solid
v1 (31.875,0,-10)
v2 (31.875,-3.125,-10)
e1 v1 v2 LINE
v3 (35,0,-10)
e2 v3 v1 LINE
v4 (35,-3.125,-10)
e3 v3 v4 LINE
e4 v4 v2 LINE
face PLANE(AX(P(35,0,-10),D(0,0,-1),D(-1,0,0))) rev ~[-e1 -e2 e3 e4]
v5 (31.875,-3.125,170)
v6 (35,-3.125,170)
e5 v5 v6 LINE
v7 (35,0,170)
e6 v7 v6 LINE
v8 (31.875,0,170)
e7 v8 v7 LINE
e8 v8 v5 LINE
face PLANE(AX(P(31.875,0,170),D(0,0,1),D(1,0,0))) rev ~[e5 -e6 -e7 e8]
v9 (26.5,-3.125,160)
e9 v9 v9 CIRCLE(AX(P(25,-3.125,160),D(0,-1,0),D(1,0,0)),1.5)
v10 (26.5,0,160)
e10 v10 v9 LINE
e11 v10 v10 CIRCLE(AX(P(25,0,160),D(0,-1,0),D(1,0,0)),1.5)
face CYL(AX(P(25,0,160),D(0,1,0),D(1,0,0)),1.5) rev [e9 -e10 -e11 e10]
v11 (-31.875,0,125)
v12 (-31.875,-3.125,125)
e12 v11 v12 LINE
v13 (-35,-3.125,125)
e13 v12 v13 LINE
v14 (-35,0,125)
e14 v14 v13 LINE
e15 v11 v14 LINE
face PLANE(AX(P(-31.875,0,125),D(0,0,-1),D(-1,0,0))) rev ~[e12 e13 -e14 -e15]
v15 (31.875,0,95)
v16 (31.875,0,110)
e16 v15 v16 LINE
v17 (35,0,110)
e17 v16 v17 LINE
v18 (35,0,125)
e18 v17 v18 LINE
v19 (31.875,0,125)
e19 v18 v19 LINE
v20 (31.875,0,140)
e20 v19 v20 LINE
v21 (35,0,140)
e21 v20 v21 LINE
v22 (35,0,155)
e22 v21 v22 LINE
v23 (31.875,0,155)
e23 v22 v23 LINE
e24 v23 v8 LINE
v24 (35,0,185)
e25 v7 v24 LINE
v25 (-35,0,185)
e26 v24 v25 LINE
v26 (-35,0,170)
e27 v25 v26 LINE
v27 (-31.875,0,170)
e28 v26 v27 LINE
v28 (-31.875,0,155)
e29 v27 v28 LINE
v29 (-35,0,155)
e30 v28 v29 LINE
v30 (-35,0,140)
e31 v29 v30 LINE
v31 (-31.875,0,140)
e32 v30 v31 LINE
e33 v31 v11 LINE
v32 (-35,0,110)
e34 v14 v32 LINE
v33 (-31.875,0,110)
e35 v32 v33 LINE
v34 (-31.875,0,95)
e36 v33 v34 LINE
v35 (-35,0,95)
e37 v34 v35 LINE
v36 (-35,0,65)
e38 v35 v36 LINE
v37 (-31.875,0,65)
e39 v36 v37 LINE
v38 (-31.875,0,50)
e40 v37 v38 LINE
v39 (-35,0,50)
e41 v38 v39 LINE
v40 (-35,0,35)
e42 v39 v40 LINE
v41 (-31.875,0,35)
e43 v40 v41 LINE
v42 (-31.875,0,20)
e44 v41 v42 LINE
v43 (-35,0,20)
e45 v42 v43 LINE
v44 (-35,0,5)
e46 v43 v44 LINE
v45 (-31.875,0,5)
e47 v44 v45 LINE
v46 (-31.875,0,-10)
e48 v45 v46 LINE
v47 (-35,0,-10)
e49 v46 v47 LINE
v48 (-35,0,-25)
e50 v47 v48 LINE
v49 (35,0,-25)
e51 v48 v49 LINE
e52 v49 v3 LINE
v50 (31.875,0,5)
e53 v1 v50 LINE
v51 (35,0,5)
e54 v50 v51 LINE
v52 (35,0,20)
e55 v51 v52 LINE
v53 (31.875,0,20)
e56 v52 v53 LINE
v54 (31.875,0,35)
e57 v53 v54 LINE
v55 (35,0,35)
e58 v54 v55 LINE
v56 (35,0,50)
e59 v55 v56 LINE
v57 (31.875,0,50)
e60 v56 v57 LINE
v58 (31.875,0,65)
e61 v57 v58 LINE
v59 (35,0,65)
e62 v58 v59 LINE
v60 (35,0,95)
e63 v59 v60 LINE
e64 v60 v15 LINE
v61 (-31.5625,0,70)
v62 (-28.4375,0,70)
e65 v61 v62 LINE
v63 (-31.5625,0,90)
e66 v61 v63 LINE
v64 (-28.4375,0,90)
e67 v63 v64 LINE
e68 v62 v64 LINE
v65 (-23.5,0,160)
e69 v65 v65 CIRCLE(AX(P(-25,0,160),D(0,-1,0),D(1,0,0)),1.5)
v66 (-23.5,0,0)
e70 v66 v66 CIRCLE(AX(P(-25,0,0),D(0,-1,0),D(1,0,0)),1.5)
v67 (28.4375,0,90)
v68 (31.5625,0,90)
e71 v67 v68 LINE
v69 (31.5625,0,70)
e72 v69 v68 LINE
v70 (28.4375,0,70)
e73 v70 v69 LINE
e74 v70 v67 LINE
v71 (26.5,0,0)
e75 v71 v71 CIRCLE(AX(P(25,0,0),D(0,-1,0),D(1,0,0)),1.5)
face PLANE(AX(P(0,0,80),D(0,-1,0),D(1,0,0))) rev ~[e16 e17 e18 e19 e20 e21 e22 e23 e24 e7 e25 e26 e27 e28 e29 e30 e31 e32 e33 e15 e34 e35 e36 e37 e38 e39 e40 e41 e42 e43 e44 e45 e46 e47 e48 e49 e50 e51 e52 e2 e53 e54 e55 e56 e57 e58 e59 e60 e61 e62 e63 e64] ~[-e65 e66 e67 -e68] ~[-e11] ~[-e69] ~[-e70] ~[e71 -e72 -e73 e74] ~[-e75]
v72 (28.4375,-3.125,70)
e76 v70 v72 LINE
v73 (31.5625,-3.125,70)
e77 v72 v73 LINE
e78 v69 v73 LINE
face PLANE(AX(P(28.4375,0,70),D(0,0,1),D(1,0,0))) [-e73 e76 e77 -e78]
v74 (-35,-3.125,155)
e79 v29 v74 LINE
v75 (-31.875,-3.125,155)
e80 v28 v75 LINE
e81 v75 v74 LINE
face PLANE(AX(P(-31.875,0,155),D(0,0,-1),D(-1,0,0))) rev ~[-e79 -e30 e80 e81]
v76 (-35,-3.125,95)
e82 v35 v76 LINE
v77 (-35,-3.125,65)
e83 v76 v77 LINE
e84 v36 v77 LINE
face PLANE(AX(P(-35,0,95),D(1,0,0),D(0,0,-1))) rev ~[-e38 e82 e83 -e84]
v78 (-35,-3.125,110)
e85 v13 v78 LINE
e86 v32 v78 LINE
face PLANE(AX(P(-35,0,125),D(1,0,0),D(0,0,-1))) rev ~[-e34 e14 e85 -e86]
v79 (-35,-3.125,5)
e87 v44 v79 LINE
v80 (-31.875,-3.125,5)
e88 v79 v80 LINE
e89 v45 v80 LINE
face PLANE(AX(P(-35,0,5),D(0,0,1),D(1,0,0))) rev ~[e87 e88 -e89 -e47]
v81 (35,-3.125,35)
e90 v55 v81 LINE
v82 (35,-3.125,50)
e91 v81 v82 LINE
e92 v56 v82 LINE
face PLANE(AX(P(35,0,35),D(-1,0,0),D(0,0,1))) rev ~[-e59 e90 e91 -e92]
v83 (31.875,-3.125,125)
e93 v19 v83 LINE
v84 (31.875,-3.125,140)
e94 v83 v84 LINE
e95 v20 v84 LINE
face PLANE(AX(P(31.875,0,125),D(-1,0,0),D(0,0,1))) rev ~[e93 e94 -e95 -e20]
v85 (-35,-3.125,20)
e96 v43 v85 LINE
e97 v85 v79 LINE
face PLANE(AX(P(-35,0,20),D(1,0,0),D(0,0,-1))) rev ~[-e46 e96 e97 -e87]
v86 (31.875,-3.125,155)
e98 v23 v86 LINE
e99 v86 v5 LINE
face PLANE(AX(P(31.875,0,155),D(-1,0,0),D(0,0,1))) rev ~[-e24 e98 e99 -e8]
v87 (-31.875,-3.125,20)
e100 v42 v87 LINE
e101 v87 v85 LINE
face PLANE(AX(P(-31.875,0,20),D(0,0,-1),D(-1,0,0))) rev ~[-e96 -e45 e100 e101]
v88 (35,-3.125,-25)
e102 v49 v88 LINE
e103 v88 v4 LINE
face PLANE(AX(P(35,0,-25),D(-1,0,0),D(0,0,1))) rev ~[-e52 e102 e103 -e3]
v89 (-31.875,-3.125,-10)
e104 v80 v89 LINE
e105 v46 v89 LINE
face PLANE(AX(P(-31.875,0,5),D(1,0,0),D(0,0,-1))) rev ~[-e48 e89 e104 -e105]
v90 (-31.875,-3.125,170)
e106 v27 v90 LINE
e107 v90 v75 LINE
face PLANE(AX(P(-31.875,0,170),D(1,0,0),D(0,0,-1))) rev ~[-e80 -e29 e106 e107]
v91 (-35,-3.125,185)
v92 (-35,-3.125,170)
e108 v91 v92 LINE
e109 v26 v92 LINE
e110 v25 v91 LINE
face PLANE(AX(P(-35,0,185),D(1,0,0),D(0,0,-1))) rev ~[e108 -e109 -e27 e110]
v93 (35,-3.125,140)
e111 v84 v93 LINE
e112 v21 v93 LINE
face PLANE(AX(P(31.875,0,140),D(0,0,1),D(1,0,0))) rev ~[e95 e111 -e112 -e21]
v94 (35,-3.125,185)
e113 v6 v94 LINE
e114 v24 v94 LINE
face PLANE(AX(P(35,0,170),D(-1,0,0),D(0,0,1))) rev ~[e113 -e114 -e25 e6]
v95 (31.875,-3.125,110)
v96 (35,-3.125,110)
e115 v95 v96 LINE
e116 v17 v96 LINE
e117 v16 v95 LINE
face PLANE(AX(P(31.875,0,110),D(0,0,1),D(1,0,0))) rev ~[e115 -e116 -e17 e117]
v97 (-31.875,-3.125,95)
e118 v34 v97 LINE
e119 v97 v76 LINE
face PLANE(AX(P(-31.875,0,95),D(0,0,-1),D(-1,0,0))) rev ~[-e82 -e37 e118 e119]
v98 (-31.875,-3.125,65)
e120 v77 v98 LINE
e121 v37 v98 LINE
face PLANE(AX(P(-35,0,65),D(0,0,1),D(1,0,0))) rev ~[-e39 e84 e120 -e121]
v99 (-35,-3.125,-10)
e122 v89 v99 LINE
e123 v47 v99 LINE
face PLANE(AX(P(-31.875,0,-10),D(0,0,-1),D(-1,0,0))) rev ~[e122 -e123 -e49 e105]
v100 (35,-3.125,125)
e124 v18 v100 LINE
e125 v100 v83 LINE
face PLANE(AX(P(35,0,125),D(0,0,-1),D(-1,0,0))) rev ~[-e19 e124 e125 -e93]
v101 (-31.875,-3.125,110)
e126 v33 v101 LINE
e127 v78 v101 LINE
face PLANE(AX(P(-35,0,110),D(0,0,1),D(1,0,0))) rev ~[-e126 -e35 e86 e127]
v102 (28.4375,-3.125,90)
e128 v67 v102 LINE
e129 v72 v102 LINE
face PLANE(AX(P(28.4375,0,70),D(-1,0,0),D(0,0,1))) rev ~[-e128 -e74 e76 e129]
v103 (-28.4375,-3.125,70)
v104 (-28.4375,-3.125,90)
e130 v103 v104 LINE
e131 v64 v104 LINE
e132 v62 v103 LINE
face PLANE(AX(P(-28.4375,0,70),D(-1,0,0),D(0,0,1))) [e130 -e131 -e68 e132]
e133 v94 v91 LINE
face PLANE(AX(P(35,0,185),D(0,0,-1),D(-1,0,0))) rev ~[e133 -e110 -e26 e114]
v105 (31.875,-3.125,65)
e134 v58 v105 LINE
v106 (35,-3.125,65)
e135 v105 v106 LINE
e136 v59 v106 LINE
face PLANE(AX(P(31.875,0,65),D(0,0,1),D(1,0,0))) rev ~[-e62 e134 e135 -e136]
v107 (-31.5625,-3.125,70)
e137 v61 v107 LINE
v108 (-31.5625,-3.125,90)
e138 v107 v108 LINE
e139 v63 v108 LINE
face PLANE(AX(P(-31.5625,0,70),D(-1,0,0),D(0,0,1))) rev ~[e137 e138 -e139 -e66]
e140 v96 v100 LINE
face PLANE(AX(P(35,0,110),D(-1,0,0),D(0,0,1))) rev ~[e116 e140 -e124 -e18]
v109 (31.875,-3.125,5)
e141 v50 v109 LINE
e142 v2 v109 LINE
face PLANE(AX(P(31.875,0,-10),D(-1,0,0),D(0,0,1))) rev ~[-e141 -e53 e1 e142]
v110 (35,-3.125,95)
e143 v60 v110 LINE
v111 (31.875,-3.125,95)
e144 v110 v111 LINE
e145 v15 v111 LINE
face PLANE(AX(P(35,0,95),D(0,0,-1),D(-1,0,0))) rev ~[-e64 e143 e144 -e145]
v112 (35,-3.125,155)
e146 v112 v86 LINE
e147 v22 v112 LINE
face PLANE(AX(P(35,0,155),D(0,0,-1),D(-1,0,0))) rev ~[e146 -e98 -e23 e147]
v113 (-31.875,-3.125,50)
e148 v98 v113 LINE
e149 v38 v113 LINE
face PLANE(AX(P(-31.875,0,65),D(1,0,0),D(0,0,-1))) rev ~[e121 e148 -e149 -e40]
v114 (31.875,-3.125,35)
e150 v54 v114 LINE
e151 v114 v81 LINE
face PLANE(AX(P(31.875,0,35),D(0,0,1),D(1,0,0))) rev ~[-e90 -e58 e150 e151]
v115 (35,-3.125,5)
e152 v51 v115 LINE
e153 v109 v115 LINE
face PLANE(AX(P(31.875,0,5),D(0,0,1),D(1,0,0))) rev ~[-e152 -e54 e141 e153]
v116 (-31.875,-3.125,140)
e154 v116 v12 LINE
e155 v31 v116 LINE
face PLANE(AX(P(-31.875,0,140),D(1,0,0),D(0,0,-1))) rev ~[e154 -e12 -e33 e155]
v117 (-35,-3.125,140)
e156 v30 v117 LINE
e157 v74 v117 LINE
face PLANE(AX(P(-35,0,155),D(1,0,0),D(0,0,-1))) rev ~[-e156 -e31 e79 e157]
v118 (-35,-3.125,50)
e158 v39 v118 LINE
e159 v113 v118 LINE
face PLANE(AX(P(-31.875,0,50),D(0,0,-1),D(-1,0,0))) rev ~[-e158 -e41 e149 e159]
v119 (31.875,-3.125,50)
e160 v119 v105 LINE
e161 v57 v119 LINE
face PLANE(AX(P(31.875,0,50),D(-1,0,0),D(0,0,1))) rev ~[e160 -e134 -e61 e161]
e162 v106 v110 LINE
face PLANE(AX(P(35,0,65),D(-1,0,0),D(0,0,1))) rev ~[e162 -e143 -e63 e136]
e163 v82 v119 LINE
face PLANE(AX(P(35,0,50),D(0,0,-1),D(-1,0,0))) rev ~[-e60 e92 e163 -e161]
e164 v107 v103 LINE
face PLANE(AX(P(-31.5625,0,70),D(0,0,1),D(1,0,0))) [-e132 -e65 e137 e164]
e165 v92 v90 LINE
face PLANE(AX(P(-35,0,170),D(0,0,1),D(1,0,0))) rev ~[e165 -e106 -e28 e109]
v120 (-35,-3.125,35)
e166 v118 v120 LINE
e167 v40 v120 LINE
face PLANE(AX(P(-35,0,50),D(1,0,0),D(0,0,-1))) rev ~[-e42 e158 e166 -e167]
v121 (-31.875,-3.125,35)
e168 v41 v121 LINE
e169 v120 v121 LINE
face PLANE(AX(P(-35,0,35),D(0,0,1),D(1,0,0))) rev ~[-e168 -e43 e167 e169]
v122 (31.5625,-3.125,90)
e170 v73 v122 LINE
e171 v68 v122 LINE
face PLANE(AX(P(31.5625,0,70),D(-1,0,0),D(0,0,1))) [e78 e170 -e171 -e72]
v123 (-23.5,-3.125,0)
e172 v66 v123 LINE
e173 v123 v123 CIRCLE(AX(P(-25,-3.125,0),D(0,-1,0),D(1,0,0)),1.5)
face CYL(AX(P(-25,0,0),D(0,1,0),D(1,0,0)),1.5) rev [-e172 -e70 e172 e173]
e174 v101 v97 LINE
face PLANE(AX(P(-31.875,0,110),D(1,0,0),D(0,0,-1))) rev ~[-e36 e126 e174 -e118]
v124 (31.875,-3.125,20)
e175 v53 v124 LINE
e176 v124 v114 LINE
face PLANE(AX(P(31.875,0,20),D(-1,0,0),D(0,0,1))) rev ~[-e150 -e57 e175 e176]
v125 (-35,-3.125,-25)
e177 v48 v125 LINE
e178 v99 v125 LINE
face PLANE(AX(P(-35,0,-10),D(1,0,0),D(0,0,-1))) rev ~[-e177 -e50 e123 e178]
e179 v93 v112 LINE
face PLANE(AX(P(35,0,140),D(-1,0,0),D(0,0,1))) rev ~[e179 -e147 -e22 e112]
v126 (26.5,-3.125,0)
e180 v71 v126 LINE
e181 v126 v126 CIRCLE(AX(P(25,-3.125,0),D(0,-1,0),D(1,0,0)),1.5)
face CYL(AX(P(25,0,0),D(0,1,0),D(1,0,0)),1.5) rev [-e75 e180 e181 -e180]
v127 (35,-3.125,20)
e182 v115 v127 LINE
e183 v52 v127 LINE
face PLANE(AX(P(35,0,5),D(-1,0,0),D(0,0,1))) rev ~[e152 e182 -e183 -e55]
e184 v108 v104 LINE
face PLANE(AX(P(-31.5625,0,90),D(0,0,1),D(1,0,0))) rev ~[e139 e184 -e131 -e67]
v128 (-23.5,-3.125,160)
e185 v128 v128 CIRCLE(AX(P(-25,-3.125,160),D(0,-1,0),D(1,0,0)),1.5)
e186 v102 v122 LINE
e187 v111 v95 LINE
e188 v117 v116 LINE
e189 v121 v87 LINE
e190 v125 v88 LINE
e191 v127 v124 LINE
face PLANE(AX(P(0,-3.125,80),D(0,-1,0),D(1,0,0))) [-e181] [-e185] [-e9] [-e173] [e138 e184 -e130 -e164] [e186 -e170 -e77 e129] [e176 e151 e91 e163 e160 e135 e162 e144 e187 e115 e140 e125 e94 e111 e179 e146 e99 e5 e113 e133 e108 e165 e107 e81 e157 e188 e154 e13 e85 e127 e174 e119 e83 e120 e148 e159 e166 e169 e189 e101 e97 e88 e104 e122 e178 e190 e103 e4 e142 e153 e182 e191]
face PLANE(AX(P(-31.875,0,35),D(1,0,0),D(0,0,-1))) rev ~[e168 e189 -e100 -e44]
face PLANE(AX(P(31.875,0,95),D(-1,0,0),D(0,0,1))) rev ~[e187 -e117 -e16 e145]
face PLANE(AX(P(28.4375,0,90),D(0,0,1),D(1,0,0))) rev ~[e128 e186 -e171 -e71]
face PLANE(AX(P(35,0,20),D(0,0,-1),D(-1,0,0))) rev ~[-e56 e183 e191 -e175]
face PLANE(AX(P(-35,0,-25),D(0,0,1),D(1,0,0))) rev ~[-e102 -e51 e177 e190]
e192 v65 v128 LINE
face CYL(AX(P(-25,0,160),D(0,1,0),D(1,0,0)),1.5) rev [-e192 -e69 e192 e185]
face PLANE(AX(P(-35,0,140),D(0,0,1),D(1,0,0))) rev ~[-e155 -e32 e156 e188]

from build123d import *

# Parameters (mm, degrees)
F1_R     = 1.5
F1_W     = 3.125
F1_H     = 20
F2_DEPTH = 3.125


with BuildPart() as f2:
    # F1 (on Front) → F2 (new body)
    with BuildSketch(Plane.XZ):
        Polygon((-35, -25), (0, -25), (35, -25), (35, -10), (31.875, -10), (31.875, 5), (35, 5), (35, 20), (31.875, 20), (31.875, 35), (35, 35), (35, 50), (31.875, 50), (31.875, 65), (35, 65), (35, 80), (35, 95), (31.875, 95), (31.875, 110), (35, 110), (35, 125), (31.875, 125), (31.875, 140), (35, 140), (35, 155), (31.875, 155), (31.875, 170), (35, 170), (35, 185), (0, 185), (-35, 185), (-35, 170), (-31.875, 170), (-31.875, 155), (-35, 155), (-35, 140), (-31.875, 140), (-31.875, 125), (-35, 125), (-35, 110), (-31.875, 110), (-31.875, 95), (-35, 95), (-35, 80), (-35, 65), (-31.875, 65), (-31.875, 50), (-35, 50), (-35, 35), (-31.875, 35), (-31.875, 20), (-35, 20), (-35, 5), (-31.875, 5), (-31.875, -10), (-35, -10), align=None)
        with Locations((-25, 0)):
            Circle(F1_R, mode=Mode.SUBTRACT)
        with Locations((25, 0)):
            Circle(F1_R, mode=Mode.SUBTRACT)
        with Locations((-30, 80)):
            Rectangle(F1_W, F1_H, mode=Mode.SUBTRACT)
        with Locations((-25, 160)):
            Circle(F1_R, mode=Mode.SUBTRACT)
        with Locations((30, 80)):
            Rectangle(F1_W, F1_H, mode=Mode.SUBTRACT)
        with Locations((25, 160)):
            Circle(F1_R, mode=Mode.SUBTRACT)
    extrude(amount=F2_DEPTH)


solid = f2.part
